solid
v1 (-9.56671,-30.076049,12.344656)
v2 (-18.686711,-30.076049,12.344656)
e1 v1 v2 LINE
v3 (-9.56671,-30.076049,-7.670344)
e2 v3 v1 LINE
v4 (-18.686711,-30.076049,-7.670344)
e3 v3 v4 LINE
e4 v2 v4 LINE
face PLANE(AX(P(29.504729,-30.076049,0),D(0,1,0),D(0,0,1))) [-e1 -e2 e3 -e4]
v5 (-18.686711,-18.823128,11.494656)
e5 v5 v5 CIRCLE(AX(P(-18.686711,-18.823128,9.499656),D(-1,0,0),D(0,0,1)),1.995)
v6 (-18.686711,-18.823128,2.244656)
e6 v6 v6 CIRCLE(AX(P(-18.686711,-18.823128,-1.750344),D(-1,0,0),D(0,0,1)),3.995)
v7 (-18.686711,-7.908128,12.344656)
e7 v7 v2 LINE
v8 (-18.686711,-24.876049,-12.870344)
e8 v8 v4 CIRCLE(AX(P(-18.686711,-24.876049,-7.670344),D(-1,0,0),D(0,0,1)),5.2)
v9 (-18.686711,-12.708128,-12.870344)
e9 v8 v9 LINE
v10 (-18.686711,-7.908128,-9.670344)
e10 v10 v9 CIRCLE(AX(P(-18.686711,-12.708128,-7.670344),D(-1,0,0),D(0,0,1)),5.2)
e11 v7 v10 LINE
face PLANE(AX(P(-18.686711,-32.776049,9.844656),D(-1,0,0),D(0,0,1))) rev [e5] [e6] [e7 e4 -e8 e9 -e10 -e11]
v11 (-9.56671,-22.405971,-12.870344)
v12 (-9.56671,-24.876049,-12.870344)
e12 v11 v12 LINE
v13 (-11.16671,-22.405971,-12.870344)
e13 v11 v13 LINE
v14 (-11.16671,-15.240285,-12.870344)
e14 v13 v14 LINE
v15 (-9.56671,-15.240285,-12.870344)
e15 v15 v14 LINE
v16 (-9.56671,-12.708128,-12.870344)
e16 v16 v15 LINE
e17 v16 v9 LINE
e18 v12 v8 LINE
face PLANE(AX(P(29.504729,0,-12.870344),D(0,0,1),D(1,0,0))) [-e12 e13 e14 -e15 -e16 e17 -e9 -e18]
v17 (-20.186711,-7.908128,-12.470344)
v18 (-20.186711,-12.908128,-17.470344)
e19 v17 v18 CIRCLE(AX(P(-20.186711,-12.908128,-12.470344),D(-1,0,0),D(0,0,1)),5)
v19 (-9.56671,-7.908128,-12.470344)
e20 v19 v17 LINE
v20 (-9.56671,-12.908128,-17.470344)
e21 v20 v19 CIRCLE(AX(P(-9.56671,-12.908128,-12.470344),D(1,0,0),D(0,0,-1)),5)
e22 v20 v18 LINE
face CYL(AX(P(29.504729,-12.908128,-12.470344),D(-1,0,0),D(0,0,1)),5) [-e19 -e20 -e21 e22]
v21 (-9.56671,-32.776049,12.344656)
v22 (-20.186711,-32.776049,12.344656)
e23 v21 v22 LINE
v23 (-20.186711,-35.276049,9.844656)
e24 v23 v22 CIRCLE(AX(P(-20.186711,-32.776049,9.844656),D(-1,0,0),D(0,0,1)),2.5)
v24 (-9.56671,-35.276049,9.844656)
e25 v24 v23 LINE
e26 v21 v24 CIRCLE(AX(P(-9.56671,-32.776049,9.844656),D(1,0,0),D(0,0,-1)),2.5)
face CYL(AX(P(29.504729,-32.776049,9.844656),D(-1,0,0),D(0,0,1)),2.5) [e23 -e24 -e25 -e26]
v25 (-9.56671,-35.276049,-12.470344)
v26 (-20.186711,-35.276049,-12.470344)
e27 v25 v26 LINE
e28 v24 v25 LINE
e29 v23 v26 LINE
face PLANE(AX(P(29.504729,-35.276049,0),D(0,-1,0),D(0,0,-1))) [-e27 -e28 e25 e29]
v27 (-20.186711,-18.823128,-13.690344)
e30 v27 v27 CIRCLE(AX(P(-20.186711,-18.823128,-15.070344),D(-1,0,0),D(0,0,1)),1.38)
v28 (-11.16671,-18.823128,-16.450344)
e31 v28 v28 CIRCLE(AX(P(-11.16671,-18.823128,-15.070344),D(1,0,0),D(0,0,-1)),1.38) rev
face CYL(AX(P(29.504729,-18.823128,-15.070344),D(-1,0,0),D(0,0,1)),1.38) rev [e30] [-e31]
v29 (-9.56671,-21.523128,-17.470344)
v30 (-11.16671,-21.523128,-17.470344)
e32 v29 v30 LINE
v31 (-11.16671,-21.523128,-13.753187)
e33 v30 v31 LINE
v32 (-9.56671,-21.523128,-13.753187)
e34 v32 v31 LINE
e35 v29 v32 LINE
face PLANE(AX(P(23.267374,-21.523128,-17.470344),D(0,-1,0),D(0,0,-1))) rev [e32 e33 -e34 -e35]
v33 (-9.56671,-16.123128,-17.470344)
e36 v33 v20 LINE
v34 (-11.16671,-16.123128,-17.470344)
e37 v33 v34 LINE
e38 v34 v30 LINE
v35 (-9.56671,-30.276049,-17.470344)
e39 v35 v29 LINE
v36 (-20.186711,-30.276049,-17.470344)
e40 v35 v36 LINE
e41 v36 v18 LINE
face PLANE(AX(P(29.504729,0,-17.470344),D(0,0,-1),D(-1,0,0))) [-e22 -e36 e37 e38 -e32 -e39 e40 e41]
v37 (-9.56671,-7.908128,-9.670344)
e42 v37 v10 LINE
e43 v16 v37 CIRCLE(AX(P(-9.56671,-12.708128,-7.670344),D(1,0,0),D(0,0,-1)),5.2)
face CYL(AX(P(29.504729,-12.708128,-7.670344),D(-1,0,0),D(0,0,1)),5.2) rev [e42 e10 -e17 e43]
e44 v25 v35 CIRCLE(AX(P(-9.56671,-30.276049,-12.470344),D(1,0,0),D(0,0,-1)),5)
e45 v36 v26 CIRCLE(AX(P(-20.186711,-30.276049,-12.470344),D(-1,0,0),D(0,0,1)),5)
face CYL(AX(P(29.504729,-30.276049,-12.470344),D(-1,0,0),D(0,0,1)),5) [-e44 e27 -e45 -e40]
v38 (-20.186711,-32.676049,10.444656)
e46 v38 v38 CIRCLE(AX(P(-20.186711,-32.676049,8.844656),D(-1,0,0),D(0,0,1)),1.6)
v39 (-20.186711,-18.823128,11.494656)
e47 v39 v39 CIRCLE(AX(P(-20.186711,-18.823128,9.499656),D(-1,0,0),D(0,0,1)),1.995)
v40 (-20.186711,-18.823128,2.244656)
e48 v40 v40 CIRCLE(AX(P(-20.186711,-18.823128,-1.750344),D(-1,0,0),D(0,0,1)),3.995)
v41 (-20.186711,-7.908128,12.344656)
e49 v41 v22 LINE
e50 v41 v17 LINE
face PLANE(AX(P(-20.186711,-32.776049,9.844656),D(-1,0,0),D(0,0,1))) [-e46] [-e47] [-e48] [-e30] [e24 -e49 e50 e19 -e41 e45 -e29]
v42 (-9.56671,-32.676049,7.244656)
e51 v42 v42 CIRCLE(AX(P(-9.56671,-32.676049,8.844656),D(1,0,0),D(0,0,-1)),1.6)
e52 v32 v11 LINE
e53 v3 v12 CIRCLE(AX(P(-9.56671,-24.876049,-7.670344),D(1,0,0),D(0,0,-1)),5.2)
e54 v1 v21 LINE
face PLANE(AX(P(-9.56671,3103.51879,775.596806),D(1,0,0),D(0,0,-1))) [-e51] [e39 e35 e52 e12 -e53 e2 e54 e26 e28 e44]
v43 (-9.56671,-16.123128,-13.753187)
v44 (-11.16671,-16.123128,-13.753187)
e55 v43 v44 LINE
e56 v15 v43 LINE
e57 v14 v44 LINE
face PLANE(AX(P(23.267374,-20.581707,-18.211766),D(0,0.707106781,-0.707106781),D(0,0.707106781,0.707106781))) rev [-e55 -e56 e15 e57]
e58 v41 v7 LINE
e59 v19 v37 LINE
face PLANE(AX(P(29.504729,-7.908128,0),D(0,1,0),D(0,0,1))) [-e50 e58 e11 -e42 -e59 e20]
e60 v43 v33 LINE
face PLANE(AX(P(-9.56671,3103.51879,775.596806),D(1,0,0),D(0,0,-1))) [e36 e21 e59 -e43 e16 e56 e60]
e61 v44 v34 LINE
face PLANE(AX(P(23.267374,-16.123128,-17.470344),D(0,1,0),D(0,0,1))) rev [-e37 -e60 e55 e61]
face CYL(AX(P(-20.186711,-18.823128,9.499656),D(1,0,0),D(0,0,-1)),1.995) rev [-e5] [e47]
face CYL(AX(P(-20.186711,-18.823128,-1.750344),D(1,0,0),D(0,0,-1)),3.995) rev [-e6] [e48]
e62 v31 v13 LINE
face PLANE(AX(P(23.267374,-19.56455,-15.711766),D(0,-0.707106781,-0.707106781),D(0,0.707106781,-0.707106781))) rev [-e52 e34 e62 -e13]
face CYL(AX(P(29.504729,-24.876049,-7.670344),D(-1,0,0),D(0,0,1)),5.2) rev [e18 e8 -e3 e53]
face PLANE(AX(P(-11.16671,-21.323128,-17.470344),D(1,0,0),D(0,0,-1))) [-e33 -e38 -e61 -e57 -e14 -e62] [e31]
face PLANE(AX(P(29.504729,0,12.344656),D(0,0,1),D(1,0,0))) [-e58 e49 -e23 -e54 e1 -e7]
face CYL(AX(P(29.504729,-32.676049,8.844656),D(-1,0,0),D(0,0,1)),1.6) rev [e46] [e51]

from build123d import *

# Parameters (mm, degrees)
BOSS_EXTRUDE1_START = -7.320002
SKETCH1_R           = 1.38
SKETCH1_R_2         = 1.6
BOSS_EXTRUDE1_DEPTH = 7.520002
BOSS_EXTRUDE2_START = -8.920002
SKETCH1_3_R         = 1.6
BOSS_EXTRUDE2_DEPTH = 1.6
BOSS_EXTRUDE3_START = 0.2
SKETCH1_4_R         = 1.6
SKETCH1_4_R_2       = 1.38
SKETCH1_4_R_3       = 3.995
SKETCH1_4_R_4       = 1.995
BOSS_EXTRUDE3_DEPTH = 1.5


with BuildPart() as part:
    # Sketch1 → Boss-Extrude1 (new body)
    with BuildSketch(Plane.ZY.offset(18.486711134).offset(BOSS_EXTRUDE1_START)):
        with BuildLine():
            ThreePointArc((-12.870344381, -12.708128144), (-11.997005912, -9.823687124), (-9.670344381, -7.908128144))
            Line((-9.670344381, -7.908128144), (-12.470344381, -7.908128144))
            ThreePointArc((-12.470344381, -7.908128144), (-16.005878287, -9.372594238), (-17.470344381, -12.908128144))
            Line((-17.470344381, -12.908128144), (-17.470344381, -30.276049303))
            ThreePointArc((-17.470344381, -30.276049303), (-16.005878287, -33.811583208), (-12.470344381, -35.276049303))
            Line((-12.470344381, -35.276049303), (9.844655619, -35.276049303))
            ThreePointArc((9.844655619, -35.276049303), (11.612422572, -34.543816256), (12.344655619, -32.776049303))
            Line((12.344655619, -32.776049303), (12.344655619, -30.076049303))
            Line((12.344655619, -30.076049303), (-7.670344381, -30.076049303))
            ThreePointArc((-7.670344381, -30.076049303), (-11.347299643, -28.553004565), (-12.870344381, -24.876049303))
            Line((-12.870344381, -24.876049303), (-12.870344381, -12.708128144))
        make_face()
        with Locations((-15.070344381, -18.823128144)):
            Circle(SKETCH1_R, mode=Mode.SUBTRACT)
        with Locations((8.844655619, -32.676049303)):
            Circle(SKETCH1_R_2, mode=Mode.SUBTRACT)
    extrude(amount=BOSS_EXTRUDE1_DEPTH)

    # Sketch1<3> → Boss-Extrude2 (add)
    with BuildSketch(Plane.ZY.offset(18.486711134).offset(BOSS_EXTRUDE2_START)):
        with BuildLine():
            ThreePointArc((-12.870344381, -12.708128144), (-11.997005912, -9.823687124), (-9.670344381, -7.908128144))
            Line((-9.670344381, -7.908128144), (-12.470344381, -7.908128144))
            ThreePointArc((-12.470344381, -7.908128144), (-16.005878287, -9.372594238), (-17.470344381, -12.908128144))
            Line((-17.470344381, -12.908128144), (-17.470344381, -16.123128144))
            Line((-17.470344381, -16.123128144), (-13.753187094, -16.123128144))
            Line((-13.753187094, -16.123128144), (-12.870344381, -15.240285432))
            Line((-12.870344381, -15.240285432), (-12.870344381, -12.708128144))
        make_face()
        with BuildLine():
            Line((12.344655619, -32.776049303), (12.344655619, -30.076049303))
            Line((12.344655619, -30.076049303), (-7.670344381, -30.076049303))
            ThreePointArc((-7.670344381, -30.076049303), (-11.347299643, -28.553004565), (-12.870344381, -24.876049303))
            Line((-12.870344381, -24.876049303), (-12.870344381, -22.405970857))
            Line((-12.870344381, -22.405970857), (-13.753187094, -21.523128144))
            Line((-13.753187094, -21.523128144), (-17.470344381, -21.523128144))
            Line((-17.470344381, -21.523128144), (-17.470344381, -30.276049303))
            ThreePointArc((-17.470344381, -30.276049303), (-16.005878287, -33.811583208), (-12.470344381, -35.276049303))
            Line((-12.470344381, -35.276049303), (9.844655619, -35.276049303))
            ThreePointArc((9.844655619, -35.276049303), (11.612422572, -34.543816256), (12.344655619, -32.776049303))
        make_face()
        with Locations((8.844655619, -32.676049303)):
            Circle(SKETCH1_3_R, mode=Mode.SUBTRACT)
    extrude(amount=BOSS_EXTRUDE2_DEPTH)

    # Sketch1<4> → Boss-Extrude3 (add)
    with BuildSketch(Plane.ZY.offset(18.486711134).offset(BOSS_EXTRUDE3_START)):
        with BuildLine():
            ThreePointArc((-12.870344381, -24.876049303), (-11.347299643, -28.553004565), (-7.670344381, -30.076049303))
            Line((-7.670344381, -30.076049303), (12.344655619, -30.076049303))
            Line((12.344655619, -30.076049303), (12.344655619, -32.776049303))
            ThreePointArc((12.344655619, -32.776049303), (11.612422572, -34.543816256), (9.844655619, -35.276049303))
            Line((9.844655619, -35.276049303), (-12.470344381, -35.276049303))
            ThreePointArc((-12.470344381, -35.276049303), (-16.005878287, -33.811583208), (-17.470344381, -30.276049303))
            Line((-17.470344381, -30.276049303), (-17.470344381, -21.523128144))
            Line((-17.470344381, -21.523128144), (-13.753187094, -21.523128144))
            Line((-13.753187094, -21.523128144), (-12.870344381, -22.405970857))
            Line((-12.870344381, -22.405970857), (-12.870344381, -24.876049303))
        make_face()
        with Locations((8.844655619, -32.676049303)):
            Circle(SKETCH1_4_R, mode=Mode.SUBTRACT)
        with BuildLine():
            ThreePointArc((-9.670344381, -7.908128144), (-11.997005912, -9.823687124), (-12.870344381, -12.708128144))
            Line((-12.870344381, -12.708128144), (-12.870344381, -15.240285432))
            Line((-12.870344381, -15.240285432), (-13.753187094, -16.123128144))
            Line((-13.753187094, -16.123128144), (-17.470344381, -16.123128144))
            Line((-17.470344381, -16.123128144), (-17.470344381, -12.908128144))
            ThreePointArc((-17.470344381, -12.908128144), (-16.005878287, -9.372594238), (-12.470344381, -7.908128144))
            Line((-12.470344381, -7.908128144), (-9.670344381, -7.908128144))
        make_face()
        Polygon((-12.870344381, -22.405970857), (-12.870344381, -15.240285432), (-13.753187094, -16.123128144), (-17.470344381, -16.123128144), (-17.470344381, -21.523128144), (-13.753187094, -21.523128144), align=None)
        with Locations((-15.070344381, -18.823128144)):
            Circle(SKETCH1_4_R_2, mode=Mode.SUBTRACT)
        with BuildLine():
            Line((12.344655619, -29.376049303), (12.344655619, -8.208128144))
            Line((12.344655619, -8.208128144), (-7.670344381, -8.208128144))
            ThreePointArc((-7.670344381, -8.208128144), (-10.852324897, -9.526147629), (-12.170344381, -12.708128144))
            Line((-12.170344381, -12.708128144), (-12.170344381, -24.876049303))
            ThreePointArc((-12.170344381, -24.876049303), (-10.852324897, -28.058029818), (-7.670344381, -29.376049303))
            Line((-7.670344381, -29.376049303), (12.344655619, -29.376049303))
        make_face()
        with Locations((-1.750344381, -18.823128144)):
            Circle(SKETCH1_4_R_3, mode=Mode.SUBTRACT)
        with Locations((9.499655619, -18.823128144)):
            Circle(SKETCH1_4_R_4, mode=Mode.SUBTRACT)
        with BuildLine():
            Line((12.344655619, -7.908128144), (-9.670344381, -7.908128144))
            ThreePointArc((-9.670344381, -7.908128144), (-11.997005912, -9.823687124), (-12.870344381, -12.708128144))
            Line((-12.870344381, -12.708128144), (-12.870344381, -15.240285432))
            Line((-12.870344381, -15.240285432), (-12.870344381, -22.405970857))
            Line((-12.870344381, -22.405970857), (-12.870344381, -24.876049303))
            ThreePointArc((-12.870344381, -24.876049303), (-11.347299643, -28.553004565), (-7.670344381, -30.076049303))
            Line((-7.670344381, -30.076049303), (12.344655619, -30.076049303))
            Line((12.344655619, -30.076049303), (12.344655619, -29.376049303))
            Line((12.344655619, -29.376049303), (-7.670344381, -29.376049303))
            ThreePointArc((-7.670344381, -29.376049303), (-10.852324897, -28.058029818), (-12.170344381, -24.876049303))
            Line((-12.170344381, -24.876049303), (-12.170344381, -12.708128144))
            ThreePointArc((-12.170344381, -12.708128144), (-10.852324897, -9.526147629), (-7.670344381, -8.208128144))
            Line((-7.670344381, -8.208128144), (12.344655619, -8.208128144))
            Line((12.344655619, -8.208128144), (12.344655619, -7.908128144))
        make_face()
    extrude(amount=BOSS_EXTRUDE3_DEPTH)


solid = part.part
